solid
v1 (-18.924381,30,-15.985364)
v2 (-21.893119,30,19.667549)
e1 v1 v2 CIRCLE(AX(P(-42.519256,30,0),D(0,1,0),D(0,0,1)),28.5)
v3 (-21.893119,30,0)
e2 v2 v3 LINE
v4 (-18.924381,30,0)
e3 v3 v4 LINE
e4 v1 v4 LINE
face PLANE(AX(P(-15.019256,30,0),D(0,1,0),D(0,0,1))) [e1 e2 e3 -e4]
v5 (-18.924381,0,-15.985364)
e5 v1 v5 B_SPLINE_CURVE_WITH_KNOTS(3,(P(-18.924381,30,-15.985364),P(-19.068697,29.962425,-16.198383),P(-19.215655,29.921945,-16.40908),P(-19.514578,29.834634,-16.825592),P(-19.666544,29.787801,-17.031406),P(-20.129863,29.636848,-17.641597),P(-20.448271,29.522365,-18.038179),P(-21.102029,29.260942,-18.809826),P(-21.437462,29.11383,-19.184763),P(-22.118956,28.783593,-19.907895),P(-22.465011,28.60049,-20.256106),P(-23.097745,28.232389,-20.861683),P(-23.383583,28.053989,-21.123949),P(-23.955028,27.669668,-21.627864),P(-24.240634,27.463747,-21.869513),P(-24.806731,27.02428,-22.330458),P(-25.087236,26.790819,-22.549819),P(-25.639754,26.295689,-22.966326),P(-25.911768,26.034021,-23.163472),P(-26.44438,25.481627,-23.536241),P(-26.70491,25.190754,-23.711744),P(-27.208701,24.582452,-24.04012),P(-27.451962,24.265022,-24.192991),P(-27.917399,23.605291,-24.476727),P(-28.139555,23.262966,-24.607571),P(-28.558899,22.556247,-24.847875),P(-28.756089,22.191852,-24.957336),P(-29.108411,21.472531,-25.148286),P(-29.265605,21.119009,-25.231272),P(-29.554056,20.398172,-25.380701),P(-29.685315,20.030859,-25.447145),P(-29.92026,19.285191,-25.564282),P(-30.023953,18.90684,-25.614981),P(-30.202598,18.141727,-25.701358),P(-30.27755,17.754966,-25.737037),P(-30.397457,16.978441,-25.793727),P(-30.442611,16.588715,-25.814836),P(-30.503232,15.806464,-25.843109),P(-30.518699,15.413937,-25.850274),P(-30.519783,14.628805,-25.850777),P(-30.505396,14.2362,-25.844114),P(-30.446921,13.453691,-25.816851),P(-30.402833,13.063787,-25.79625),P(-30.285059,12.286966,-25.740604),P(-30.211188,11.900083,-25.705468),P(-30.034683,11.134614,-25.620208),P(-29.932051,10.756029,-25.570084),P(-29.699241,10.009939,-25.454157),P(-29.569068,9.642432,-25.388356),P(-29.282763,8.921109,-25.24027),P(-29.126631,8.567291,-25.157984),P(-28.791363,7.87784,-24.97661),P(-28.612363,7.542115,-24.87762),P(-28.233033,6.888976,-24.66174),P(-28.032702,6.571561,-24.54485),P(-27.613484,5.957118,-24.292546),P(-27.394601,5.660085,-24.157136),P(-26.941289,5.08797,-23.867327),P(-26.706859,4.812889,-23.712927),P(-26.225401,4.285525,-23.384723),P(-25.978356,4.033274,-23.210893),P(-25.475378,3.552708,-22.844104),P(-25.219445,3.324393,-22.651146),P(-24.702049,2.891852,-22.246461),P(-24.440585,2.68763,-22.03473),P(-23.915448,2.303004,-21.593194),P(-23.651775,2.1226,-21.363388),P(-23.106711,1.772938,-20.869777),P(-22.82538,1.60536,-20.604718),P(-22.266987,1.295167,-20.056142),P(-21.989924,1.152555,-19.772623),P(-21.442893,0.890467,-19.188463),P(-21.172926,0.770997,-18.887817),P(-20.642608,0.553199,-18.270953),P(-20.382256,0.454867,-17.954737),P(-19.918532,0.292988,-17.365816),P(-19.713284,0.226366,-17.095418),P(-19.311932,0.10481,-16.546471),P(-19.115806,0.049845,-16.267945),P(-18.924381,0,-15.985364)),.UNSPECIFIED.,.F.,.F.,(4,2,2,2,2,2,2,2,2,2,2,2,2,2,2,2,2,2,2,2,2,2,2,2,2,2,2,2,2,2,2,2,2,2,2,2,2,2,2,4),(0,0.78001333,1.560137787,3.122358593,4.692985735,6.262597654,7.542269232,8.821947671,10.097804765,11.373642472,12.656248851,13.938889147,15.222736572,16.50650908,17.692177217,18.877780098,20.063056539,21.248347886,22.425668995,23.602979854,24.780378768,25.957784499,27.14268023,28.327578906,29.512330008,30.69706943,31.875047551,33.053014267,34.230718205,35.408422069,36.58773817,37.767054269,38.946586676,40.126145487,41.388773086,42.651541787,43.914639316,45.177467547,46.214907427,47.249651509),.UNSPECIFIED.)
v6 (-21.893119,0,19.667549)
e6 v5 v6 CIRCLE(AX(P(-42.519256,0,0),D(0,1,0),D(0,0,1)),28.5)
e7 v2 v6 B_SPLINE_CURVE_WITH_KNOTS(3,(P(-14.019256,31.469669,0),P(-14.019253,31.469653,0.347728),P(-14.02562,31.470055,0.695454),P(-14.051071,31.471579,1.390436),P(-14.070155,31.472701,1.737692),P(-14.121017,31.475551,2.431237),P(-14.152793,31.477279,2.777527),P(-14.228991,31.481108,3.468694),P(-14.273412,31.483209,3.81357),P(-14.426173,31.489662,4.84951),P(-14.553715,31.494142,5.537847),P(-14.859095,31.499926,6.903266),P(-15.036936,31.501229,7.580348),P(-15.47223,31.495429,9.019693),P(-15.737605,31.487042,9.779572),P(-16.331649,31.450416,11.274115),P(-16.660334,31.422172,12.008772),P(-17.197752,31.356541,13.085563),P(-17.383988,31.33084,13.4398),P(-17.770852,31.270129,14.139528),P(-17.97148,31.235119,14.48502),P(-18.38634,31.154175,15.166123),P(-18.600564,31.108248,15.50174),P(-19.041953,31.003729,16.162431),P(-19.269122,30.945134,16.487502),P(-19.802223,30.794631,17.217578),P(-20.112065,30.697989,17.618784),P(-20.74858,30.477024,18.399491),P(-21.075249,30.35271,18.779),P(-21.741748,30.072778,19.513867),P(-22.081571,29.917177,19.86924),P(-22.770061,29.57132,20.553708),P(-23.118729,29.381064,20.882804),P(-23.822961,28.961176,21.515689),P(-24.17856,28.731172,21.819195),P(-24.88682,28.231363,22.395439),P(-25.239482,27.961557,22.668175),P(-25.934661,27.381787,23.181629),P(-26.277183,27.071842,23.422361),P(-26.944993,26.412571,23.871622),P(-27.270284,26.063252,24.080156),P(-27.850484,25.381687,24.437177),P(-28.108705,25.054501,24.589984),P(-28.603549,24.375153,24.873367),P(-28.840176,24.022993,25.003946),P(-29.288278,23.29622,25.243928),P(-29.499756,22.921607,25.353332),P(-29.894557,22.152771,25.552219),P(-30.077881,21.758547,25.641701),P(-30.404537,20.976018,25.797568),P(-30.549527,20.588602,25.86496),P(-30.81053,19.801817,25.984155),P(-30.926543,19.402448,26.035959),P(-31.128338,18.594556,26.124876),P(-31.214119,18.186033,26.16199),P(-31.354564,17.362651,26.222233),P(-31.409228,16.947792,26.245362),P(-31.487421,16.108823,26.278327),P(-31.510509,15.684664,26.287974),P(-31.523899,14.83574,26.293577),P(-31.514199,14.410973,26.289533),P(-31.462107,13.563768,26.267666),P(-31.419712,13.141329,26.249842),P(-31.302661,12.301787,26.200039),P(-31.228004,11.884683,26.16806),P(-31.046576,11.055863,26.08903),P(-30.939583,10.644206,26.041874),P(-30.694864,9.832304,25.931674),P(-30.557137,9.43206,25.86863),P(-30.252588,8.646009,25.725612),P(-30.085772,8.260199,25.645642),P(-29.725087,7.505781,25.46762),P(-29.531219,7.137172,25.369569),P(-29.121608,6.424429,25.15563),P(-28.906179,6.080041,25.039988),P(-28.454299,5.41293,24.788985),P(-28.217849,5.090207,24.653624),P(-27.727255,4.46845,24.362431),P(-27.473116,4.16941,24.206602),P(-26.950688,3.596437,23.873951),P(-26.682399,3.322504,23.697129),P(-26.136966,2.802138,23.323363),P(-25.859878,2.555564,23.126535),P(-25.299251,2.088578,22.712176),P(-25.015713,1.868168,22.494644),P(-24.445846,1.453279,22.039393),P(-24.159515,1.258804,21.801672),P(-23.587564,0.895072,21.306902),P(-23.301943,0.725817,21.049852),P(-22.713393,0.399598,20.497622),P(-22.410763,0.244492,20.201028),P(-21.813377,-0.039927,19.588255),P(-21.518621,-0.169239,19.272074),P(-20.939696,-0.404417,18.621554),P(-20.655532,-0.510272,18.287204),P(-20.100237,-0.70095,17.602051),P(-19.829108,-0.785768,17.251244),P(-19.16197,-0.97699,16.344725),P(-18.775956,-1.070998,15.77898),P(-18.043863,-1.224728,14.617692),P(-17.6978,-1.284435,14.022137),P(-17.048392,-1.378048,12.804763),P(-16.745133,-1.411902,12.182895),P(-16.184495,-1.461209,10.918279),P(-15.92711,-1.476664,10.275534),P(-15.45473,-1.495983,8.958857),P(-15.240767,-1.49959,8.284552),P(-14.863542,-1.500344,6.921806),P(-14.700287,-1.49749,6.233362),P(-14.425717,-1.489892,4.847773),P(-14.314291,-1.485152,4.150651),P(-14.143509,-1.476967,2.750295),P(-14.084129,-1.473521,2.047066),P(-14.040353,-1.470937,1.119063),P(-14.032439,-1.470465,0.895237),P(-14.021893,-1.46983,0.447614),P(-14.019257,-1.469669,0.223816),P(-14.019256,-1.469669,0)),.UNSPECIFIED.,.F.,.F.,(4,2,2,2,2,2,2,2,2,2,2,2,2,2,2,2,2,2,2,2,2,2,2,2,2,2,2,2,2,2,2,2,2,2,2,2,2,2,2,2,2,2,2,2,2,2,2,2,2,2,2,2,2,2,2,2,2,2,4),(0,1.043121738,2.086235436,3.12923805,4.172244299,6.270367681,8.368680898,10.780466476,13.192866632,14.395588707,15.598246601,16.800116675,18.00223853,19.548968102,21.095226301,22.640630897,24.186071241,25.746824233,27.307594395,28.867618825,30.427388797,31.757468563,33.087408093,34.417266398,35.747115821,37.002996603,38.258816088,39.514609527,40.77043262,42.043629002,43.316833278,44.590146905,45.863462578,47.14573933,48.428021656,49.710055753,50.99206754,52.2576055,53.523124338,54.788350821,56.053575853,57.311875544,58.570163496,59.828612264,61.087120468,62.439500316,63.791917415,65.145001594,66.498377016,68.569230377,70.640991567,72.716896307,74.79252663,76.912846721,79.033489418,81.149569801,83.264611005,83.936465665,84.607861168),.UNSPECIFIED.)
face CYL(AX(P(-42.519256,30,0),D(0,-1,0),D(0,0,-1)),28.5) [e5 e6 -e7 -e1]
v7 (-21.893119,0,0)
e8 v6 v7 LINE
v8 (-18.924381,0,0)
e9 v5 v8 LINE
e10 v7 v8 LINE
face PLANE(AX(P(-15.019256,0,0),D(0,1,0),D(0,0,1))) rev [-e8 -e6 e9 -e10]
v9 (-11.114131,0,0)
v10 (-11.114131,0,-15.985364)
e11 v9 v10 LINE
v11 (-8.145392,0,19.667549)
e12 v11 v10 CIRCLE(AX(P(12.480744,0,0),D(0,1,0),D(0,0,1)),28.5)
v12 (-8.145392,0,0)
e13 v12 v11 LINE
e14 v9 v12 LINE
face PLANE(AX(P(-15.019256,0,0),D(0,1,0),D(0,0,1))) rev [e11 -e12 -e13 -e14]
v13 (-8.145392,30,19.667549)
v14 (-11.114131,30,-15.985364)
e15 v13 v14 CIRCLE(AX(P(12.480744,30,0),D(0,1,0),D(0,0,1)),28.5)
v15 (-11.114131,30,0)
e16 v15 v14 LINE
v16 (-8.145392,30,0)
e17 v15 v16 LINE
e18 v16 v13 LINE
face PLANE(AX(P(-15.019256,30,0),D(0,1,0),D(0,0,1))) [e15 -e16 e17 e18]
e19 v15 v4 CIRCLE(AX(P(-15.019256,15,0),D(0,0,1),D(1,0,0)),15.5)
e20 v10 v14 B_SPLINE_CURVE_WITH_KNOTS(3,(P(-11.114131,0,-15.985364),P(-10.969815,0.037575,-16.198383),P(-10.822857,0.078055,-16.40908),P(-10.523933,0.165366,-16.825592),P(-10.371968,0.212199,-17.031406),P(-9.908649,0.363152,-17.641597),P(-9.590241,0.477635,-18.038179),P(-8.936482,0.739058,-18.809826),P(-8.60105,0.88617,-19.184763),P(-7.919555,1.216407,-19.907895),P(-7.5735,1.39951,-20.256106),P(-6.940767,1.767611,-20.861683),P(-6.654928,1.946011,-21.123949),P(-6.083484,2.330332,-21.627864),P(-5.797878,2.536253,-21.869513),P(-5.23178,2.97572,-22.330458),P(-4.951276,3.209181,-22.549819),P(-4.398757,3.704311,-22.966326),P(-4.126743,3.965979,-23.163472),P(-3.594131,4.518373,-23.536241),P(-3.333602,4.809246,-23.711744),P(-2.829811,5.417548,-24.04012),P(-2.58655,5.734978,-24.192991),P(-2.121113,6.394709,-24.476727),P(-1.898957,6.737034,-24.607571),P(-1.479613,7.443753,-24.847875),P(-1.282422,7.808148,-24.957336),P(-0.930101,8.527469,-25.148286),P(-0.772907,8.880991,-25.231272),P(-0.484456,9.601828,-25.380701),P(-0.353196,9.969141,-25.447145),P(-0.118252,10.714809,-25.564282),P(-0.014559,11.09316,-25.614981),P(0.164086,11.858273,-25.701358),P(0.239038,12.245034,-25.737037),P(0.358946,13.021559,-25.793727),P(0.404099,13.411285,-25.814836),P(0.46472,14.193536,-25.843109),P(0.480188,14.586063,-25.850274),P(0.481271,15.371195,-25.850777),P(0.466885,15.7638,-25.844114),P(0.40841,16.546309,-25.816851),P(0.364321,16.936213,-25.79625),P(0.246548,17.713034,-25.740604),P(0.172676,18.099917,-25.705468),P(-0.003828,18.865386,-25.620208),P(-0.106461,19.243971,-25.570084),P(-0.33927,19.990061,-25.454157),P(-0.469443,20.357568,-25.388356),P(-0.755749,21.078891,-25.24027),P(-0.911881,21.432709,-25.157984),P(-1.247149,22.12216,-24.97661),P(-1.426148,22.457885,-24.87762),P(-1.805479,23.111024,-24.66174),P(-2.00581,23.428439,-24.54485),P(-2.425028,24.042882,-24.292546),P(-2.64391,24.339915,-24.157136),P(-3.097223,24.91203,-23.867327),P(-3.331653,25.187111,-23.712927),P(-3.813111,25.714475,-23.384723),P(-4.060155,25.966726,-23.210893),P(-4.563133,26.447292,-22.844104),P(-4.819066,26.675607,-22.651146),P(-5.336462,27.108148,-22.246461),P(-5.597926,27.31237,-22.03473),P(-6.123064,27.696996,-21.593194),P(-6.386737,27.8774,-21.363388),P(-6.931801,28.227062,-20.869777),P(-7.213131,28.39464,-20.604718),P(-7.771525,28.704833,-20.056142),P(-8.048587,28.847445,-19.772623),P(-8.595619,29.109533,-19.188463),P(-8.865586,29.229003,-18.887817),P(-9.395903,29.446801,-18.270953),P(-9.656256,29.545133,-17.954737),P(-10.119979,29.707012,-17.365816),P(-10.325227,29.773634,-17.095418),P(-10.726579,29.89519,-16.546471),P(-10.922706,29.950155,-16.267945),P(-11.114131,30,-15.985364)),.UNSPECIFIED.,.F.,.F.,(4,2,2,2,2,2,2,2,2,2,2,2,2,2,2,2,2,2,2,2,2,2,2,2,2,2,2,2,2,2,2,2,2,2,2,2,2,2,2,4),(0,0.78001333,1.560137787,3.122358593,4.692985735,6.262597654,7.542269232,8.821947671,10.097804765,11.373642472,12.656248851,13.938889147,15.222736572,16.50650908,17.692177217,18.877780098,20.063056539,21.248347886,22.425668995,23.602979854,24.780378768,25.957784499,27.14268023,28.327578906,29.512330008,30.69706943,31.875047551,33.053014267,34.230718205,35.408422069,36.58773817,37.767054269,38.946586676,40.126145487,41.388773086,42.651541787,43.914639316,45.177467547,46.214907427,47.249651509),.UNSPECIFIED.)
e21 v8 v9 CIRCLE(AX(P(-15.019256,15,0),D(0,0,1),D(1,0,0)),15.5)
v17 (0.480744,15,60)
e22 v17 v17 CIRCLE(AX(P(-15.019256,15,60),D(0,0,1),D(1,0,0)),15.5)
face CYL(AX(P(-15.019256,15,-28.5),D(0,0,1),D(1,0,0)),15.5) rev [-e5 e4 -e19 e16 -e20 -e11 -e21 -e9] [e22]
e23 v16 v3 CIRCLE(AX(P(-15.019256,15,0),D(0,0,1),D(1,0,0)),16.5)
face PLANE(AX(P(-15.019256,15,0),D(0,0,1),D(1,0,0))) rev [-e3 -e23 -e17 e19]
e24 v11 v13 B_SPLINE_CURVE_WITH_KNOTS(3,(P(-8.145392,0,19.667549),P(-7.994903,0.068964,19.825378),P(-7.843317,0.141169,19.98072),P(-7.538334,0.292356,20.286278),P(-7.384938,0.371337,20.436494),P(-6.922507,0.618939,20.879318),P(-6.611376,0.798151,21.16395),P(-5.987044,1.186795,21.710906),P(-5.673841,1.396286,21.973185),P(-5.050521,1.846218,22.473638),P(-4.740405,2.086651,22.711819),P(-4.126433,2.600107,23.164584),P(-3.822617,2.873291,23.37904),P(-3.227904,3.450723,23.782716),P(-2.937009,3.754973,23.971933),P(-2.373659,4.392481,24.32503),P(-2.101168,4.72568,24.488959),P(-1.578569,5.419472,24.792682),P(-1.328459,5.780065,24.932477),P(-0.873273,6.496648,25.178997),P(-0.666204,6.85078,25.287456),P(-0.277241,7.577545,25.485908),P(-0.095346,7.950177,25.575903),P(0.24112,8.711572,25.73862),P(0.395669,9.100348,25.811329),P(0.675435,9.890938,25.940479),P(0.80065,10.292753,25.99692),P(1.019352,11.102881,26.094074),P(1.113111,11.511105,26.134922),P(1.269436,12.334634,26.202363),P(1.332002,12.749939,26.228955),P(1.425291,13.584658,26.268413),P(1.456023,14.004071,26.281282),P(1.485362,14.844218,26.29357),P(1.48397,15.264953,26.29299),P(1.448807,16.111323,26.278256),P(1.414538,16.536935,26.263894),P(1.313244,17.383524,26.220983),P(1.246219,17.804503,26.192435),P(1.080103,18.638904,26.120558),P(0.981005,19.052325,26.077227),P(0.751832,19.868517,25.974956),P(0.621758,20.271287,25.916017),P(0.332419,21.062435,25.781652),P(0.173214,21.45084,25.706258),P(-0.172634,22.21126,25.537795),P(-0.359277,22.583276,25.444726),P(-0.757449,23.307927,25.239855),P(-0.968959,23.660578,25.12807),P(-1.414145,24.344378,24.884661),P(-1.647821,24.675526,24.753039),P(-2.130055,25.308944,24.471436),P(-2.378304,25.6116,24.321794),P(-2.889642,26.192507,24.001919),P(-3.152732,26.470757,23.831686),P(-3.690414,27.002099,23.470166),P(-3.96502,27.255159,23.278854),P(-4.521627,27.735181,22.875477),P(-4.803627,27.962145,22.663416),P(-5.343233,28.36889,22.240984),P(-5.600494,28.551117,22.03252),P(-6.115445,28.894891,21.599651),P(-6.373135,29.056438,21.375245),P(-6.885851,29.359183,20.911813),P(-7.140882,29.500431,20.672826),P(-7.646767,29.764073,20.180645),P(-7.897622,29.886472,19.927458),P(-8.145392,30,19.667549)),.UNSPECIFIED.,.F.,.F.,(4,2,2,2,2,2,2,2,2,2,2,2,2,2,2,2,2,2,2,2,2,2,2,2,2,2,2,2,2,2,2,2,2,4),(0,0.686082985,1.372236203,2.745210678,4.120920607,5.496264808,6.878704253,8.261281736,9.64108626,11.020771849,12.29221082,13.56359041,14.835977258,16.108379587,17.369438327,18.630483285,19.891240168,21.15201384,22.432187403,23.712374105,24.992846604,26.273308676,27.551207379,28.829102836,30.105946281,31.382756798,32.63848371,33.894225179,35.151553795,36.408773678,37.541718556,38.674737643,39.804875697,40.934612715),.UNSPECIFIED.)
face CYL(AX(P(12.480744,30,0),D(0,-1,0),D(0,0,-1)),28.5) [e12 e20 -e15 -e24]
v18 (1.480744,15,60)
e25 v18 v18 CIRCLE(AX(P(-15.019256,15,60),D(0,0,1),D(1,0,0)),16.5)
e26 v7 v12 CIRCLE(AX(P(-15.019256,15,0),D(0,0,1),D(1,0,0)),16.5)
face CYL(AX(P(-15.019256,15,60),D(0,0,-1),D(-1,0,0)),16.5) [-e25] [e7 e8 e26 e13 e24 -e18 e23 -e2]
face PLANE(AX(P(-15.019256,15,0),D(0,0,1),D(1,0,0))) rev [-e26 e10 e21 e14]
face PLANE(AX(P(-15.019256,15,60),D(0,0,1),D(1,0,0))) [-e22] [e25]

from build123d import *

# Parameters (mm, degrees)
BOSS_EXTRUDE1_DEPTH = 30
SKETCH2_R           = 16.5
BOSS_EXTRUDE2_DEPTH = 60
SKETCH3_R           = 15.5
CUT_EXTRUDE1_DEPTH  = 118.763469435


with BuildPart() as part:
    # Sketch1 → Boss-Extrude1 (new body)
    with BuildSketch(Plane(origin=(0, 0, 0), x_dir=(1, 0, 0), z_dir=(0, 1, 0))):
        with BuildLine():
            ThreePointArc((-15.019255805, 7.483314774), (-71.019255805, 0), (-15.019255805, -7.483314774))
            ThreePointArc((-15.019255805, -7.483314774), (40.980744195, 0), (-15.019255805, 7.483314774))
        make_face()
    extrude(amount=BOSS_EXTRUDE1_DEPTH)

    # Sketch2 → Boss-Extrude2 (add)
    with BuildSketch(Plane.XY):
        with Locations(Location((-15.019255805, 15, 0), (0, 0, 245.380019443))):
            Circle(SKETCH2_R)
    extrude(amount=BOSS_EXTRUDE2_DEPTH)

    # Sketch3 → Cut-Extrude1 (cut, through all)
    with BuildSketch(Plane.XY.offset(60)):
        with Locations((-15.019255805, 15)):
            Circle(SKETCH3_R)
    extrude(amount=-CUT_EXTRUDE1_DEPTH, mode=Mode.SUBTRACT)


solid = part.part
